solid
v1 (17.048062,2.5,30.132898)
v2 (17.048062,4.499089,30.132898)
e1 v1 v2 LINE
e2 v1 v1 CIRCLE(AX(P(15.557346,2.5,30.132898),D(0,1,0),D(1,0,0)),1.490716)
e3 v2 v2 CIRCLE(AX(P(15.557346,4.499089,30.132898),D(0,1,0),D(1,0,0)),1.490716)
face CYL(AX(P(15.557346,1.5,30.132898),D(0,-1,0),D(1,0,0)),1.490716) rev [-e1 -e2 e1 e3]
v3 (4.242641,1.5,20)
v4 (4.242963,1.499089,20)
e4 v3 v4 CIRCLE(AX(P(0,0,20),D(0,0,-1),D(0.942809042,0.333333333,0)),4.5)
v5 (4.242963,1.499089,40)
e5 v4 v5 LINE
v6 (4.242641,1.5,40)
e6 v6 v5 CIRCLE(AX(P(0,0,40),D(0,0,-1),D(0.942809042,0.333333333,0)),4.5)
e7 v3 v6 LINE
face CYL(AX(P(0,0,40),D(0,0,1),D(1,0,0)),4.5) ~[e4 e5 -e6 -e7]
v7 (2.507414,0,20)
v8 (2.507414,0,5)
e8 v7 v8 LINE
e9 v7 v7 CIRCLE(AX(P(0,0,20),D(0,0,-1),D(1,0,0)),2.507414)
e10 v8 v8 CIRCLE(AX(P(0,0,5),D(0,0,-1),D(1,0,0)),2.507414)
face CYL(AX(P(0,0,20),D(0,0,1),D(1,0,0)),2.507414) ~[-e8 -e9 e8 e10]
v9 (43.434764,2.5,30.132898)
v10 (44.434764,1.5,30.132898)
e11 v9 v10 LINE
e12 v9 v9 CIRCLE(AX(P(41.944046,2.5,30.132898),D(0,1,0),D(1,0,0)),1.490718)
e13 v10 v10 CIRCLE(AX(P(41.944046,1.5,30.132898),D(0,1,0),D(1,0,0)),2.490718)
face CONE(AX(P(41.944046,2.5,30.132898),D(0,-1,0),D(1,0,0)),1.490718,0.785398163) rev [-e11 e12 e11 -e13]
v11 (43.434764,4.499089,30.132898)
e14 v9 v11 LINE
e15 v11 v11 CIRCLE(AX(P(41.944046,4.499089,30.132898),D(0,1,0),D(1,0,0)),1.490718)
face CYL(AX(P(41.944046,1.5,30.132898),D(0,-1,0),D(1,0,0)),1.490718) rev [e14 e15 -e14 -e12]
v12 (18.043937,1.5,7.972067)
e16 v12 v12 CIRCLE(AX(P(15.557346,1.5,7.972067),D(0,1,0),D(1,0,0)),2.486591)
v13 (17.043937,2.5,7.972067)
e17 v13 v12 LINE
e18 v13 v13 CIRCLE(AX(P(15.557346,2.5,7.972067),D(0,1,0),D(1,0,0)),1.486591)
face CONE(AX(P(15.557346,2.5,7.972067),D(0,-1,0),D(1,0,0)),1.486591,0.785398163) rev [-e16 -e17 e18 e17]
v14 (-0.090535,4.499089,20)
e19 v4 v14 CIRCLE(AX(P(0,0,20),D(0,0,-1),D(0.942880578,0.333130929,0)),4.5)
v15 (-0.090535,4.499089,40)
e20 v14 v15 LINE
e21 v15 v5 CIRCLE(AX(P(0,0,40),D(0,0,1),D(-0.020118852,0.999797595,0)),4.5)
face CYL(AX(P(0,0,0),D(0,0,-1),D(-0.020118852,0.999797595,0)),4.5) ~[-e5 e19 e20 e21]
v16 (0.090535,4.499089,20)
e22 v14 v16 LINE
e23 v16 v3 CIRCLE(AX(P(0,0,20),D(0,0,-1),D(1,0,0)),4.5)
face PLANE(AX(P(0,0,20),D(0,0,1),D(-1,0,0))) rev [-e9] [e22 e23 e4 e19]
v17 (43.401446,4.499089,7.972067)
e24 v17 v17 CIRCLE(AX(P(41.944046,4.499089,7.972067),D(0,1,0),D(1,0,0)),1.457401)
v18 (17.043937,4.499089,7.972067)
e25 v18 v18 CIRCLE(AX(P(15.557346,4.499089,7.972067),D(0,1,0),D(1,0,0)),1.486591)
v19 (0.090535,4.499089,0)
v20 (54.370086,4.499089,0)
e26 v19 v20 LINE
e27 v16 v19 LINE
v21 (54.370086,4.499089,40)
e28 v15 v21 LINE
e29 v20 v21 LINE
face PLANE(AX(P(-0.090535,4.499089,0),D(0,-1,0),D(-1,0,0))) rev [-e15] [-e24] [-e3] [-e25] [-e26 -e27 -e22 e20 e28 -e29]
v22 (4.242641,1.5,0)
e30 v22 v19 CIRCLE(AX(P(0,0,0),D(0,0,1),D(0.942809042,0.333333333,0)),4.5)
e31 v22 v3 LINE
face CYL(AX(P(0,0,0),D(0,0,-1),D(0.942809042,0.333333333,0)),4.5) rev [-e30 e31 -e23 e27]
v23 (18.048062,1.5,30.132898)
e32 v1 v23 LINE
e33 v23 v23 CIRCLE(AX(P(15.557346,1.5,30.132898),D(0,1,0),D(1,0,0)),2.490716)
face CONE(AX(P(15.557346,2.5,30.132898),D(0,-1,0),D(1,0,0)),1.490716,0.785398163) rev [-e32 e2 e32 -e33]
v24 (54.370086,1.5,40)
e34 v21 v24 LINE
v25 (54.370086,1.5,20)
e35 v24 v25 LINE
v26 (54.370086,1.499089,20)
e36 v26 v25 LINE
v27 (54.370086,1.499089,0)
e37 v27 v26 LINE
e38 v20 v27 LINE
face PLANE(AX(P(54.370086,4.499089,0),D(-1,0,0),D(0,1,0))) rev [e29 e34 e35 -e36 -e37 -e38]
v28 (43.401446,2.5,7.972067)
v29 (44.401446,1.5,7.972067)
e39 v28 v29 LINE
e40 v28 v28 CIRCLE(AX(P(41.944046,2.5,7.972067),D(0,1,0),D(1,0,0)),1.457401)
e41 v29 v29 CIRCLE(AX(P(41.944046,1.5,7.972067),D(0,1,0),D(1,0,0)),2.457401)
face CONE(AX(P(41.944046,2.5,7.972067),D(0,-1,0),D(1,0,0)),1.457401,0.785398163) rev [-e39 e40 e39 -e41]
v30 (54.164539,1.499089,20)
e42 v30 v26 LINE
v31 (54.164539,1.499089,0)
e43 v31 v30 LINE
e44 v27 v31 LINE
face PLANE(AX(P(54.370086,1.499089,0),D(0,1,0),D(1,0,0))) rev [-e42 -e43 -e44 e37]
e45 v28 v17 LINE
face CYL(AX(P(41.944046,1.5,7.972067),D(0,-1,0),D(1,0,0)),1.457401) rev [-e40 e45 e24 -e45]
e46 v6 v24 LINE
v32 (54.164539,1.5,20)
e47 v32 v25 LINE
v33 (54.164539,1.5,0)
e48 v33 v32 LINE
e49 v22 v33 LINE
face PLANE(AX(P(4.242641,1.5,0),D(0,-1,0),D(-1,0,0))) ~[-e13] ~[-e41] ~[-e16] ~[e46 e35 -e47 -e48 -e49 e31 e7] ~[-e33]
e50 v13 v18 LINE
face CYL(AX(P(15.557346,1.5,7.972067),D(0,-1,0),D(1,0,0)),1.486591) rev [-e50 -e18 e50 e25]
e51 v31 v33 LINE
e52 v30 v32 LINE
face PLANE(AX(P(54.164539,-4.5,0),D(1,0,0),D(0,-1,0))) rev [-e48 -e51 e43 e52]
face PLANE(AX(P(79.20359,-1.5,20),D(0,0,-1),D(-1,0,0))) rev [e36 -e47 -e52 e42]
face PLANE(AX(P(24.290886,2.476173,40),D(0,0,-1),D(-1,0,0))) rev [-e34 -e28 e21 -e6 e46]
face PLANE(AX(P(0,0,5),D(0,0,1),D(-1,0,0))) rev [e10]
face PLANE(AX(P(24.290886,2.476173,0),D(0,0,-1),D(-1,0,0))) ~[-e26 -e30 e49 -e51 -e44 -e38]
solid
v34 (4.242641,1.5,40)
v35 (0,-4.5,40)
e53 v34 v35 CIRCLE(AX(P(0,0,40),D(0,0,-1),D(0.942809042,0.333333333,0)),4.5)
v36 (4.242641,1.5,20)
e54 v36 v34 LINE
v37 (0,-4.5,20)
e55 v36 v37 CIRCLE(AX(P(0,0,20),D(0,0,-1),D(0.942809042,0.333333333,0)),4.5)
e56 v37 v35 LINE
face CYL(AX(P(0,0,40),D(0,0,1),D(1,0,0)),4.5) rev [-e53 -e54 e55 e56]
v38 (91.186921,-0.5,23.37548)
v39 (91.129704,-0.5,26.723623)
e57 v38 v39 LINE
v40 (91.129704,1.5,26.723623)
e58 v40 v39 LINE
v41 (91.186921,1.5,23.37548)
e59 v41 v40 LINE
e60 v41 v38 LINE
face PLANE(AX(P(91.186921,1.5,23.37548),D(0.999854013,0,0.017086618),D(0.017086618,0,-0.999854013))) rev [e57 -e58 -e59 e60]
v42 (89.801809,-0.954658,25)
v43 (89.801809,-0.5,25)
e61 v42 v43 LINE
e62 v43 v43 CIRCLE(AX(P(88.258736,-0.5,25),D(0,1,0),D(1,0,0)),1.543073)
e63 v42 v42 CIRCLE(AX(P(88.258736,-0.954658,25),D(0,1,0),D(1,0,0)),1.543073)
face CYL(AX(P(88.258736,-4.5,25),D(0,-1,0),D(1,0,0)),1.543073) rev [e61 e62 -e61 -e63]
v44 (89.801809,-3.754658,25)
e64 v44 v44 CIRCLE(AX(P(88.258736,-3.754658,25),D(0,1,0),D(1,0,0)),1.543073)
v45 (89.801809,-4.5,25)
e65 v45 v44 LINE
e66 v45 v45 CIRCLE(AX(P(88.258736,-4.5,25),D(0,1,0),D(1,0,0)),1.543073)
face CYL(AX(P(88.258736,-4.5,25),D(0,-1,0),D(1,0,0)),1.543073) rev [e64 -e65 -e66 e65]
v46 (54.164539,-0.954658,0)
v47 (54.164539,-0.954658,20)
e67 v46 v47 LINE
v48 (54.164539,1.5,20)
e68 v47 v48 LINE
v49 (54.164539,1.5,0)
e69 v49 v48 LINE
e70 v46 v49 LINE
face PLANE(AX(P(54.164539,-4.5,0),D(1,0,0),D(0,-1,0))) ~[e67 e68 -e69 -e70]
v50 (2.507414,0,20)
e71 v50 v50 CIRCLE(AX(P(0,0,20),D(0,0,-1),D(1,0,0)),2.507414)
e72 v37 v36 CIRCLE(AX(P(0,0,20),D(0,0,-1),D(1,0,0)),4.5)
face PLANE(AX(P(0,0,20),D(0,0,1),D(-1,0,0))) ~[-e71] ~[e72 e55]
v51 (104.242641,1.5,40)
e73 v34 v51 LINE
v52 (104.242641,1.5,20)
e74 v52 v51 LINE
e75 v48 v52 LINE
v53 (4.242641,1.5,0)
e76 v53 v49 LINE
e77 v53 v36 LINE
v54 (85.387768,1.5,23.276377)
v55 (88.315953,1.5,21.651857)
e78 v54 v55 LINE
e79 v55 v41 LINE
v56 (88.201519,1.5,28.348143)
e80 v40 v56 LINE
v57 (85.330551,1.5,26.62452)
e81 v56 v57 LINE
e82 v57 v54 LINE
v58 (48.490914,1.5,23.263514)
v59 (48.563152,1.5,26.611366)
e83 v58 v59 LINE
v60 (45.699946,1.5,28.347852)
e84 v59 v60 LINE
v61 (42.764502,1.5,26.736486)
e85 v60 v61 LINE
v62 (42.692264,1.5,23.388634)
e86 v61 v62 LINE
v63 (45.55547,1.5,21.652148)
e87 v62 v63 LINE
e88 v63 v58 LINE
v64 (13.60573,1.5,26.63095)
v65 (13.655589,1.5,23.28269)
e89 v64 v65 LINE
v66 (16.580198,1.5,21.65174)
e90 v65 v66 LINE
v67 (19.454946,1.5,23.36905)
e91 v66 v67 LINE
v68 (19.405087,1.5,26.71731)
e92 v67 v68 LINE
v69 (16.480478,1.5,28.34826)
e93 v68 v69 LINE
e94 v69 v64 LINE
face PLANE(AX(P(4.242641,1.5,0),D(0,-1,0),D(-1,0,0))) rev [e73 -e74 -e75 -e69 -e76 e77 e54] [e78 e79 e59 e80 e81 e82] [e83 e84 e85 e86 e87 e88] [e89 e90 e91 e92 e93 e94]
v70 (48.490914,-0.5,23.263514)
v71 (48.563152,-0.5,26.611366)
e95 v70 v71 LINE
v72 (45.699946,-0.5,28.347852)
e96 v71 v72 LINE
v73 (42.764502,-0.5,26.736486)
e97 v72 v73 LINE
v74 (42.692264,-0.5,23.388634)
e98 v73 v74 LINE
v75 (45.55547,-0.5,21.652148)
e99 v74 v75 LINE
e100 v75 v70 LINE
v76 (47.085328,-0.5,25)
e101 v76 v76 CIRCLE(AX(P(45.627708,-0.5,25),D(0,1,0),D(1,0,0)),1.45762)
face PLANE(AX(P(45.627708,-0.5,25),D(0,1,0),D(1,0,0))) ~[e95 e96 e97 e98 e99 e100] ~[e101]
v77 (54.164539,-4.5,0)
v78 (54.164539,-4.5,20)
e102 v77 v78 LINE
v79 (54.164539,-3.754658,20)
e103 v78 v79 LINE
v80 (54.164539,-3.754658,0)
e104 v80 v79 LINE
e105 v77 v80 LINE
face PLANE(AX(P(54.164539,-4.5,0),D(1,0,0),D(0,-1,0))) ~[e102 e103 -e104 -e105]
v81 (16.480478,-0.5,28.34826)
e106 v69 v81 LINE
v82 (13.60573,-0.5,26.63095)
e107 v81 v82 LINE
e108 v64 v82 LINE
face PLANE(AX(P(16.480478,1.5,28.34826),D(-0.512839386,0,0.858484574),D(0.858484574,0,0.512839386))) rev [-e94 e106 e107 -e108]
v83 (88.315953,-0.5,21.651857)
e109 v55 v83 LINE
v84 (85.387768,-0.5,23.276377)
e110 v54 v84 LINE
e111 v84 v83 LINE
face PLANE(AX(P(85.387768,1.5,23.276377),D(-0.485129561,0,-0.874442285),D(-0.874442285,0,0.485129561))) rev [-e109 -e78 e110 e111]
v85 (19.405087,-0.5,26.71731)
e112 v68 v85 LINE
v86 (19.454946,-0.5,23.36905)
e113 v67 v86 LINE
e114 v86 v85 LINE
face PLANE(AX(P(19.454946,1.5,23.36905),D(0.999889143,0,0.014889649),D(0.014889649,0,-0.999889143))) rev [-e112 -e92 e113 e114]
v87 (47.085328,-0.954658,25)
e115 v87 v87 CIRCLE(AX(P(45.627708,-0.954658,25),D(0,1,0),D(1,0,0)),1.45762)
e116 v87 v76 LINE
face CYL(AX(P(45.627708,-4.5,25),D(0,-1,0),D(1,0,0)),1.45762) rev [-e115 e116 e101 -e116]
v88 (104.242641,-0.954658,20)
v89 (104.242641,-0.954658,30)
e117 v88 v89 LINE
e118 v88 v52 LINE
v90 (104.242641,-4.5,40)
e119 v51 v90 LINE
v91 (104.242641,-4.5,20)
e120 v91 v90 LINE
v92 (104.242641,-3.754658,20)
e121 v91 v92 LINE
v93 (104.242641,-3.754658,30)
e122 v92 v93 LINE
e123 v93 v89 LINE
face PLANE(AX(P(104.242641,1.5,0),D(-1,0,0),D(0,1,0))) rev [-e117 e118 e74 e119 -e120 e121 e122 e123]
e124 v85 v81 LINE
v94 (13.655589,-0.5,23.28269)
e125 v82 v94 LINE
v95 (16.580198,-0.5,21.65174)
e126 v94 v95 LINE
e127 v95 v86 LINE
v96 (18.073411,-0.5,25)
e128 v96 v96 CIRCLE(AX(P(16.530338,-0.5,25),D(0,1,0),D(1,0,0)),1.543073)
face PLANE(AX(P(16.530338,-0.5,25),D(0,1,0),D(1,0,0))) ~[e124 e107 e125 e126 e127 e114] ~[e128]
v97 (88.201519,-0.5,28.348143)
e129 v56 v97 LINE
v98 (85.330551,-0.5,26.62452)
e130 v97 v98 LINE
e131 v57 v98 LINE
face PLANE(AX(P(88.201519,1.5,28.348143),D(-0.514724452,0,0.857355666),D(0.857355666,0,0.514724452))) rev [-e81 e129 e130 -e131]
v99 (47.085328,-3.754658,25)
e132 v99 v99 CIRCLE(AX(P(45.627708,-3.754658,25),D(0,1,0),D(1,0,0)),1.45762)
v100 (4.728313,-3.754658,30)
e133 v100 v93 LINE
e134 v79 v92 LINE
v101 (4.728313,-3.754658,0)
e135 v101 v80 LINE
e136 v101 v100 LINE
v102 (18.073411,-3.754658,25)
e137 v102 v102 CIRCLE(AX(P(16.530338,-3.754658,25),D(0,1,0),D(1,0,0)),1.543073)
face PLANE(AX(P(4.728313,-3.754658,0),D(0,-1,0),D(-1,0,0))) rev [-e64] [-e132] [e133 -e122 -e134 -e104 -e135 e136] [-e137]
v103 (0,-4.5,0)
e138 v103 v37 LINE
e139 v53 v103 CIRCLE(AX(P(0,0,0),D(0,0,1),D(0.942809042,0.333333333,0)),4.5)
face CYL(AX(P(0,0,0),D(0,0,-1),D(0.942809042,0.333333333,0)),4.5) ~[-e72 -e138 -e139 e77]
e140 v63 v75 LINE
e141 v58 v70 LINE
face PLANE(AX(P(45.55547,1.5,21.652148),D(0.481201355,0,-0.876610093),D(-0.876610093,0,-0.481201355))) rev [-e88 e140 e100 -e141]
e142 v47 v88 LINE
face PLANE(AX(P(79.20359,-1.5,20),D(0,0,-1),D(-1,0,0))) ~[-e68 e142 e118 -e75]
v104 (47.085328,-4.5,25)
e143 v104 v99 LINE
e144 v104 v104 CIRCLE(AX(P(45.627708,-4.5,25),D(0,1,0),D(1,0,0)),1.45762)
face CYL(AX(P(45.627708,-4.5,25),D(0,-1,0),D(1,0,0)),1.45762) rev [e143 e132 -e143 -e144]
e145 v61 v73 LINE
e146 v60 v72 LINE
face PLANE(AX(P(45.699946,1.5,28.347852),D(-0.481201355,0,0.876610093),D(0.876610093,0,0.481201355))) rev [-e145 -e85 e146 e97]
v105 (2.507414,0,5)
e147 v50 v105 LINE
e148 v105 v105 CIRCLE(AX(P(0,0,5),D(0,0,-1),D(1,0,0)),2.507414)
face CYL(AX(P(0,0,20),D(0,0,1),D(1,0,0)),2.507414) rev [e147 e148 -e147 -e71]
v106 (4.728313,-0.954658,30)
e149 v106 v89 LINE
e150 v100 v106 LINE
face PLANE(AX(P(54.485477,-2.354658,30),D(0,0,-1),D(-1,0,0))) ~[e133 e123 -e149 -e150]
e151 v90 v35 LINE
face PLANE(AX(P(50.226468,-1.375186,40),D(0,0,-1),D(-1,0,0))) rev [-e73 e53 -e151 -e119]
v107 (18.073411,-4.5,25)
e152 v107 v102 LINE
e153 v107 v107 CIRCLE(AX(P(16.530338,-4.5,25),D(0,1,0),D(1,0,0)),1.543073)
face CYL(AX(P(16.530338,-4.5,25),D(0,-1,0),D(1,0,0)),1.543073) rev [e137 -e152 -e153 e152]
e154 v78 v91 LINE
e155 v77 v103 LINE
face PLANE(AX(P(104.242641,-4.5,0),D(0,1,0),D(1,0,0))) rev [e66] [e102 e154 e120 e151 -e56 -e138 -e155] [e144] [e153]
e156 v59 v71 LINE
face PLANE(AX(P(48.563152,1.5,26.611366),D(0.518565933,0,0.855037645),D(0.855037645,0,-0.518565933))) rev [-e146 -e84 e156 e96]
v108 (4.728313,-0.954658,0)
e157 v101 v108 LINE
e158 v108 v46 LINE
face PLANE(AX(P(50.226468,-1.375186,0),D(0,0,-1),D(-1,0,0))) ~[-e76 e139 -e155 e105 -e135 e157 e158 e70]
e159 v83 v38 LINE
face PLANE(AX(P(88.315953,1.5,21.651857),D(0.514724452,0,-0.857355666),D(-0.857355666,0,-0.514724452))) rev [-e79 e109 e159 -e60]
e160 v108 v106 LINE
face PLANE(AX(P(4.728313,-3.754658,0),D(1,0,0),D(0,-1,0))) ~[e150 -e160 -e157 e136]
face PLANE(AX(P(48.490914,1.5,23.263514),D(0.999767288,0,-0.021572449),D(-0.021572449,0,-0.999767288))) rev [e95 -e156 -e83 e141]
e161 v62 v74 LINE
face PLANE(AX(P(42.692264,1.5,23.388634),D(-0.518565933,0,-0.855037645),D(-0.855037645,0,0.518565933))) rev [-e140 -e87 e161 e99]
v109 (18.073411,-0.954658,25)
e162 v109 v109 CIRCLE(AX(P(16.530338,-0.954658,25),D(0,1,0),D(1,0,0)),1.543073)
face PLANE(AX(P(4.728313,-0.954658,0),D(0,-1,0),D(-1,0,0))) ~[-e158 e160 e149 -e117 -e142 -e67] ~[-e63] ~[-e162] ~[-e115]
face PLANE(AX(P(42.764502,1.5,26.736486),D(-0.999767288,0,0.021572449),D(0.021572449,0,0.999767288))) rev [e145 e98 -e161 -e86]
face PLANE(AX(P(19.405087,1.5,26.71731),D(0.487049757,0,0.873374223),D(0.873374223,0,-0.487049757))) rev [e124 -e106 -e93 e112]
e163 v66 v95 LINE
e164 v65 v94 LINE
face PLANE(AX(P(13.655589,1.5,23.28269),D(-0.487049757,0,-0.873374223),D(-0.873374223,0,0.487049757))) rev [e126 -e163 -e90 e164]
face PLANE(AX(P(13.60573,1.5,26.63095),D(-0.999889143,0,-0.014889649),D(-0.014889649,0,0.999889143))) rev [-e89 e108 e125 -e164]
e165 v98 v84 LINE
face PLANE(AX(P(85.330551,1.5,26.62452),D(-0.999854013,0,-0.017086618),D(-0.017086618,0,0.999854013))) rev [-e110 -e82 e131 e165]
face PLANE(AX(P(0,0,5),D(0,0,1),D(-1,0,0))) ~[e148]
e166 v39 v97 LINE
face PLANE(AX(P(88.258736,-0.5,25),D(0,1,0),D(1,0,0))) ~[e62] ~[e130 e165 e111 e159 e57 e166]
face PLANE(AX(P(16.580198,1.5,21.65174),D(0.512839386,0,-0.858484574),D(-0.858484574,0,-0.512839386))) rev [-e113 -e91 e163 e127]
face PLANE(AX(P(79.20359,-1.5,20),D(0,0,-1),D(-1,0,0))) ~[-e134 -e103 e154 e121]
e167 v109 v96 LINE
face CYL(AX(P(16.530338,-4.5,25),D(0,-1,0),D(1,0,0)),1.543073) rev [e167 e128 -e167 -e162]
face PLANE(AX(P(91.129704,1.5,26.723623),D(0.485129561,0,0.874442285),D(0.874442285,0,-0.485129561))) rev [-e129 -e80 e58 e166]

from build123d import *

# Parameters (mm, degrees)
PAD001_DEPTH    = 40
SKETCH002_R     = 4.5
POCKET_DEPTH    = 20
SKETCH003_R     = 2.507414
POCKET001_DEPTH = 15
SKETCH004_W     = 50.0781016871
SKETCH004_H     = 6
POCKET002_DEPTH = 20
SKETCH005_W     = 99.5143276871
SKETCH005_H     = 2.8
POCKET003_DEPTH = 30
SKETCH007_R     = 1.543073
SKETCH007_R_2   = 1.45762
POCKET005_DEPTH = 9.001
POCKET006_DEPTH = 2
PAD_DEPTH       = 40
SKETCH006_R     = 1.486591
SKETCH006_R_2   = 1.457401
SKETCH006_R_3   = 1.490716
SKETCH006_R_4   = 1.490718
POCKET004_DEPTH = 3.0000891794
CHAMFER_SIZE    = 1


with BuildPart() as cerniera_mobile:
    # Sketch001 → Pad001 (new body)
    with BuildSketch(Plane.XY):
        with BuildLine():
            ThreePointArc((4.2426406871, 1.5), (-3.6742346142, 2.5980762114), (0, -4.5))
            Line((104.2426406871, -4.5), (0, -4.5))
            Line((104.2426406871, 1.5), (104.2426406871, -4.5))
            Line((4.2426406871, 1.5), (104.2426406871, 1.5))
        make_face()
    extrude(amount=-PAD001_DEPTH)

    # Sketch002 → Pocket (cut)
    with BuildSketch(Plane(origin=(0, 0, -40), x_dir=(1, 0, 0), z_dir=(0, 0, -1))):
        Circle(SKETCH002_R)
    extrude(amount=-POCKET_DEPTH, mode=Mode.SUBTRACT)

    # Sketch003 → Pocket001 (cut)
    with BuildSketch(Plane(origin=(0, 0, -20), x_dir=(1, 0, 0), z_dir=(0, 0, -1))):
        Circle(SKETCH003_R)
    extrude(amount=-POCKET001_DEPTH, mode=Mode.SUBTRACT)

    # Sketch004 → Pocket002 (cut)
    with BuildSketch(Plane.XY):
        with Locations((79.2035898436, -1.5)):
            Rectangle(SKETCH004_W, SKETCH004_H)
    extrude(amount=-POCKET002_DEPTH, mode=Mode.SUBTRACT)

    # Sketch005 → Pocket003 (cut)
    with BuildSketch(Plane.XY):
        with Locations((54.4854768436, -2.354658)):
            Rectangle(SKETCH005_W, SKETCH005_H)
    extrude(amount=-POCKET003_DEPTH, mode=Mode.SUBTRACT)


with BuildPart() as cerniera_mobile_con_dadi:
    # Pocket005 base: copy of cerniera_mobile
    add(cerniera_mobile.part)

    # Sketch007 → Pocket005 (cut, through all)
    with BuildSketch(Plane.XZ.offset(4.5)):
        with Locations((88.258736, -25)):
            Circle(SKETCH007_R)
        with Locations((16.530338, -25)):
            Circle(SKETCH007_R)
        with Locations((45.627708, -25)):
            Circle(SKETCH007_R_2)
    extrude(amount=-POCKET005_DEPTH, mode=Mode.SUBTRACT)

    # Sketch008 → Pocket006 (cut)
    with BuildSketch(Plane(origin=(0, 1.5, 0), x_dir=(-1, 0, 0), z_dir=(0, 1, 0))):
        Polygon((-42.6922637743, -23.3886339549), (-45.555469817, -21.6521477066), (-48.4909140427, -23.2635137517), (-48.5631522257, -26.6113660451), (-45.699946183, -28.3478522934), (-42.7645019573, -26.7364862483), align=None)
        Polygon((-13.6555894593, -23.2826898472), (-16.5801979482, -21.6517396578), (-19.4549464889, -23.3690498107), (-19.4050865407, -26.7173101528), (-16.4804780518, -28.3482603422), (-13.6057295111, -26.6309501893), align=None)
        Polygon((-85.3305509675, -26.6245201596), (-85.3877677566, -23.2763774547), (-88.3159527891, -21.6518572951), (-91.1869210325, -23.3754798404), (-91.1297042434, -26.7236225453), (-88.2015192109, -28.3481427049), align=None)
    extrude(amount=-POCKET006_DEPTH, mode=Mode.SUBTRACT)


with BuildPart() as part_mirroring:
    # Part__Mirroring: instance of cerniera_mobile_con_dadi
    add(cerniera_mobile_con_dadi.part.mirror(Plane(origin=(0, 0, 0), x_dir=(0, 1, 0), z_dir=(0, 0, 1))))


with BuildPart() as cerniera_fissa_buchi_svasati:
    # Sketch → Pad (new body)
    with BuildSketch(Plane.XY):
        with BuildLine():
            ThreePointArc((-0.0905348327, 4.4990891794), (-2.561379334, -3.6999102567), (4.2429626009, 1.4990891794))
            Line((54.3700859693, 1.4990891794), (4.2429626009, 1.4990891794))
            Line((54.3700859693, 4.4990891794), (54.3700859693, 1.4990891794))
            Line((-0.0905348327, 4.4990891794), (54.3700859693, 4.4990891794))
        make_face()
    extrude(amount=-PAD_DEPTH)

    # Cut: cut cerniera_mobile
    add(cerniera_mobile.part, mode=Mode.SUBTRACT)

    # Sketch006 → Pocket004 (cut, through all)
    with BuildSketch(Plane.XZ.offset(-1.5)):
        with Locations((15.5573463219, -7.972067)):
            Circle(SKETCH006_R)
        with Locations((41.9440455, -7.972067)):
            Circle(SKETCH006_R_2)
        with Locations((15.5573463219, -30.132898)):
            Circle(SKETCH006_R_3)
        with Locations((41.9440455, -30.132898)):
            Circle(SKETCH006_R_4)
    extrude(amount=-POCKET004_DEPTH, mode=Mode.SUBTRACT)

    # Chamfer
    chamfer_edges = [cerniera_fissa_buchi_svasati.edges().sort_by_distance(p)[0] for p in [
        (14.070755, 1.5, -7.972067),
        (40.486645, 1.5, -7.972067),
        (40.453328, 1.5, -30.132898),
        (14.06663, 1.5, -30.132898),
    ]]
    chamfer(chamfer_edges, length=CHAMFER_SIZE)


with BuildPart() as part_mirroring001:
    # Part__Mirroring001: instance of cerniera_fissa_buchi_svasati
    add(cerniera_fissa_buchi_svasati.part.mirror(Plane(origin=(0, 0, 0), x_dir=(0, 1, 0), z_dir=(0, 0, 1))))


solid = Compound([part_mirroring.part, part_mirroring001.part])
